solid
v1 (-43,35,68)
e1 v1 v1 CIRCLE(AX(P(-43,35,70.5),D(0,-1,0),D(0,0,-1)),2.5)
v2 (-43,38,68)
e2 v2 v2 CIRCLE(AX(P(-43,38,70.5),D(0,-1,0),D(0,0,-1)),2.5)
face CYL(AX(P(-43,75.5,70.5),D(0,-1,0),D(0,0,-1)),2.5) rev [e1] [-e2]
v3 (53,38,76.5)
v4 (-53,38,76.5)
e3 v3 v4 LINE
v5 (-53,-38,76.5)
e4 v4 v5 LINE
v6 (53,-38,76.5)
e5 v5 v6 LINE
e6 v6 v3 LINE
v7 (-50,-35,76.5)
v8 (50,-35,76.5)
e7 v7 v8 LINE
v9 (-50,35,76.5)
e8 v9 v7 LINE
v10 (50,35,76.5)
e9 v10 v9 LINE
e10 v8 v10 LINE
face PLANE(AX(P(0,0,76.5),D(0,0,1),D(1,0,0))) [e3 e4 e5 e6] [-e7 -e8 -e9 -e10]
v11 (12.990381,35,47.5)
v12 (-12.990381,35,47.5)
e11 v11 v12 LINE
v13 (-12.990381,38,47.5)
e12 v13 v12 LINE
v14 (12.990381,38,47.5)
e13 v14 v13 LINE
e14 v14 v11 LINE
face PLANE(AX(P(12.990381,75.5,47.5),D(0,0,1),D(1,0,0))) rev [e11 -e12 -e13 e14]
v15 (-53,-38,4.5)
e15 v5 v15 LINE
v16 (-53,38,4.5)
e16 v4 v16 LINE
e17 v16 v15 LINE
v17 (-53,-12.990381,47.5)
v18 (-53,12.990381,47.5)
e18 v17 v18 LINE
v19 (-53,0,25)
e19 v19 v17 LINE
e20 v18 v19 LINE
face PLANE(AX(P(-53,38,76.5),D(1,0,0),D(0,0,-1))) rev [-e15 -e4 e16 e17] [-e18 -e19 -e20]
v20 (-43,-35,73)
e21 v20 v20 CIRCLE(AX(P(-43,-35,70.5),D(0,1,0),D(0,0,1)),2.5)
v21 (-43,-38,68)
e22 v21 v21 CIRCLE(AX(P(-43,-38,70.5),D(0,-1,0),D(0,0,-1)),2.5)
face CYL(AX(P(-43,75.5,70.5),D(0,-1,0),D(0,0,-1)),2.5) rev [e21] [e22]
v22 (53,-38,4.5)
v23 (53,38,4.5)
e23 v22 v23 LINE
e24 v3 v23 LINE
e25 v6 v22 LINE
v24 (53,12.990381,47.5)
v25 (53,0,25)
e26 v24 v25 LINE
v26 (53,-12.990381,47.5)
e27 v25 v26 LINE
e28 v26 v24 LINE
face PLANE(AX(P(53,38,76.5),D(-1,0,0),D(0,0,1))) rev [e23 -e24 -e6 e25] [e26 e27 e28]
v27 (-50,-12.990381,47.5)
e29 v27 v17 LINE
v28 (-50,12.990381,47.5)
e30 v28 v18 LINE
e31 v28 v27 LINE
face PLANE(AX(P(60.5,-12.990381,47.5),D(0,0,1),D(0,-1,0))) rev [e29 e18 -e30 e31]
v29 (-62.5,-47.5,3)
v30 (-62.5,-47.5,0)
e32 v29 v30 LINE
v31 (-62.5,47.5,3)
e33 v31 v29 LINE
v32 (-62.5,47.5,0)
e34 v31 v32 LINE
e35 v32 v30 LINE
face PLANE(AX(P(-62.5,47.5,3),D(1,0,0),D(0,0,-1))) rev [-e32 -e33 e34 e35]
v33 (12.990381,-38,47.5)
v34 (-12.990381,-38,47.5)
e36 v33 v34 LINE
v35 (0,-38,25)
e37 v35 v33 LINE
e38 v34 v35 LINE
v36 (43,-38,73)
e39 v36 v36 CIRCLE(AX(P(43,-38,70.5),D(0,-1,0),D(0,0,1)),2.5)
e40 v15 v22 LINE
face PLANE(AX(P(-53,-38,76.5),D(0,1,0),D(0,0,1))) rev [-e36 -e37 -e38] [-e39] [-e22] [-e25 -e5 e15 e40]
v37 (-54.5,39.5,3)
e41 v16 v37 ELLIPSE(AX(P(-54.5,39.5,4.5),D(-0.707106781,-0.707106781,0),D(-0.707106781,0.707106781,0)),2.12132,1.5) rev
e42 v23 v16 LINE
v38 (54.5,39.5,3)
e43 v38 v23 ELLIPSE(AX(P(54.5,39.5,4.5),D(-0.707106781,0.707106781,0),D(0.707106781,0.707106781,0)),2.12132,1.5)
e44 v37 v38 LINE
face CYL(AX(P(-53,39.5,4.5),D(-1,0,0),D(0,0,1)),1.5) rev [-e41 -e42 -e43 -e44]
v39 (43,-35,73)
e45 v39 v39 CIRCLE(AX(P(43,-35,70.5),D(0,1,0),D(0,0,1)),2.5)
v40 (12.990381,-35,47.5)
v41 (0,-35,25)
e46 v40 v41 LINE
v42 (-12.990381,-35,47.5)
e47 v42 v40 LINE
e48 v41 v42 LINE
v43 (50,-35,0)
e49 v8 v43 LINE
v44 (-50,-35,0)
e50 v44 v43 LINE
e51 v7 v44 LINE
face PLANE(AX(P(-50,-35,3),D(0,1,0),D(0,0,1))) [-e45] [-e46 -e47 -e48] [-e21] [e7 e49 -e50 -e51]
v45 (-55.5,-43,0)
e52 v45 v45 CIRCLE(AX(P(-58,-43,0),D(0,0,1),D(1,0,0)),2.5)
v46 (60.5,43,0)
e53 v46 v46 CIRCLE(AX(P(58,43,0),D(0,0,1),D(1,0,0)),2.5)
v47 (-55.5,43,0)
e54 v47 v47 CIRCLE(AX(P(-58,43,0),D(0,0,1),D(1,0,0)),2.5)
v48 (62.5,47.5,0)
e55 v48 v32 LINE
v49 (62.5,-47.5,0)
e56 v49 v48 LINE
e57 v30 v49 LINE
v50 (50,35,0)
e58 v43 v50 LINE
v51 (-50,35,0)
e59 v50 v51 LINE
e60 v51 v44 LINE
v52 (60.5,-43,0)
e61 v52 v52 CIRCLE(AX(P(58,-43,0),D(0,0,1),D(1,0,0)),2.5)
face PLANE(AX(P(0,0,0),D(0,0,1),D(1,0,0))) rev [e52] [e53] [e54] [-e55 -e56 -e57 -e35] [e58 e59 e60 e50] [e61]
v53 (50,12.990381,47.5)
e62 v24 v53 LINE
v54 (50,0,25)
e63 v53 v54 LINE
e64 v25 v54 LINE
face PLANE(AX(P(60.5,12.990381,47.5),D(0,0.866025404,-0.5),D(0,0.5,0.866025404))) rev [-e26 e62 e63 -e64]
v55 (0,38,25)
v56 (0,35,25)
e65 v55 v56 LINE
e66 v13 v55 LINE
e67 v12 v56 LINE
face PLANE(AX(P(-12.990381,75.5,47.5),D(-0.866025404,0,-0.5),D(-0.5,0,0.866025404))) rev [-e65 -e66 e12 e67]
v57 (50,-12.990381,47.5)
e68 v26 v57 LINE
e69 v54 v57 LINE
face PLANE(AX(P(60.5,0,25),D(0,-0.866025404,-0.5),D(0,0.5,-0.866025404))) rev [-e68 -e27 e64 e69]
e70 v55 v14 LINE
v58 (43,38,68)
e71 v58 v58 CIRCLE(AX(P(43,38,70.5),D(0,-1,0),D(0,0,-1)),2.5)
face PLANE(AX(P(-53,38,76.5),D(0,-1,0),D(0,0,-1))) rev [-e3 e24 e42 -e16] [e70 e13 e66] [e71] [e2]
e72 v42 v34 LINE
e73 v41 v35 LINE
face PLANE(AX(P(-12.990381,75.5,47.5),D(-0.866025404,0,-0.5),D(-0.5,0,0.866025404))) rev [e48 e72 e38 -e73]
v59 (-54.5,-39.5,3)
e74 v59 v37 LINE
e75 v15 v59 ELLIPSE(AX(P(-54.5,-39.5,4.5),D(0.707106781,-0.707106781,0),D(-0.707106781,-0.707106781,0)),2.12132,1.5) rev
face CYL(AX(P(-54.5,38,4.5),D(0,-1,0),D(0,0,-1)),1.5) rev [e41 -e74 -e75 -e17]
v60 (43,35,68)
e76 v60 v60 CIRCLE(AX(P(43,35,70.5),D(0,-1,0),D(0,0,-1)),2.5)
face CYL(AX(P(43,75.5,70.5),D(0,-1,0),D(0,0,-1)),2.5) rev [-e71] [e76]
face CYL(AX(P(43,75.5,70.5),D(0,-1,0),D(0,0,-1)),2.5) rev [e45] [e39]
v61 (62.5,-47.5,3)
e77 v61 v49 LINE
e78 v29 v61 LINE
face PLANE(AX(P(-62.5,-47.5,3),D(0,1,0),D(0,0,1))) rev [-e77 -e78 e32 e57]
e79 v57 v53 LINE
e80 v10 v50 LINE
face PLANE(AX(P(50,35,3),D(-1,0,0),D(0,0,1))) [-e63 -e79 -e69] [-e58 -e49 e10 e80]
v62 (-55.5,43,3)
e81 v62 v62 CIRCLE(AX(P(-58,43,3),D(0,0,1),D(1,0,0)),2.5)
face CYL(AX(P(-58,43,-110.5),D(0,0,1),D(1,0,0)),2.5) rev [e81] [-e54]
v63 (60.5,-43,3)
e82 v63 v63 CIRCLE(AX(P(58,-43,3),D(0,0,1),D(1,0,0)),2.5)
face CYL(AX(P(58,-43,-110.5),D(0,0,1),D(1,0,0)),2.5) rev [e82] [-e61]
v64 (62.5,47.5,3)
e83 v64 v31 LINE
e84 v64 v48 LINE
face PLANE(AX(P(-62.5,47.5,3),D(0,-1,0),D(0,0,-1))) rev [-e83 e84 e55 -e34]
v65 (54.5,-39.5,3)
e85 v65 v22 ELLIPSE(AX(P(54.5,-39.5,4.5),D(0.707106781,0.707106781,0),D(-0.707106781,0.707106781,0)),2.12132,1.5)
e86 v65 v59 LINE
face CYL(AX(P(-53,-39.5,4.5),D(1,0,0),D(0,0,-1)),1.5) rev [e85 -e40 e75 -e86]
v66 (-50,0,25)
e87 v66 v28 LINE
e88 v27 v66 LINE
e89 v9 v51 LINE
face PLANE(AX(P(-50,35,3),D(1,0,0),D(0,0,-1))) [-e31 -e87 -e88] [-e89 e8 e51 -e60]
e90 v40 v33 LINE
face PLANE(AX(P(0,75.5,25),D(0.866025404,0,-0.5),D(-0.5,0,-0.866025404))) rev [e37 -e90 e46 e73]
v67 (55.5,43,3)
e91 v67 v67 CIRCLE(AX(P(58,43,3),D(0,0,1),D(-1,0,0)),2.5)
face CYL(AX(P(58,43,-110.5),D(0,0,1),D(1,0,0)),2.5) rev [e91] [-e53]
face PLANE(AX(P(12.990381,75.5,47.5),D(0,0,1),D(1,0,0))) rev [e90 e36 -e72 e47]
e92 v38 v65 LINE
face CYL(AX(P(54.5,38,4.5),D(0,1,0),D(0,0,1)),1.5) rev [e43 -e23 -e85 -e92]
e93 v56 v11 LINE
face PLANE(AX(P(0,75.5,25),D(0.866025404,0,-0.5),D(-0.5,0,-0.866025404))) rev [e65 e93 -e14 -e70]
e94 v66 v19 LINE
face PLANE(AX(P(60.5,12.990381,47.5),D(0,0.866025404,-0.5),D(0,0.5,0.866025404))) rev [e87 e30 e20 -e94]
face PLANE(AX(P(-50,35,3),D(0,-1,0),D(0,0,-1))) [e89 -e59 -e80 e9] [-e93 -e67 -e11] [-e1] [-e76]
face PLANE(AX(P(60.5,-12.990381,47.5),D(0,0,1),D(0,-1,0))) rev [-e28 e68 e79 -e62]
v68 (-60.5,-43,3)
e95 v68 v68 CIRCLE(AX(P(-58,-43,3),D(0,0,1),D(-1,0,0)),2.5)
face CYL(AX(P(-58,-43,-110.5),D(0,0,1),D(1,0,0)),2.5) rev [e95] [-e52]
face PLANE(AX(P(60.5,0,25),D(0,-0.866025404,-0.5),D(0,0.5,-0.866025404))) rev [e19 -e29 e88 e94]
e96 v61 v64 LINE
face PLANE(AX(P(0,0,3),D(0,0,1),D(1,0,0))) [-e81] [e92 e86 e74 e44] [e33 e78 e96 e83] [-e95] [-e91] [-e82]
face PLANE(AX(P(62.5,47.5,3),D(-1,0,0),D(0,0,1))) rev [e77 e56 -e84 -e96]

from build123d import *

# Parameters (mm, degrees)
SKETCH_1_W          = 125
SKETCH_1_H          = 95
SKETCH_1_W_2        = 100
SKETCH_1_H_2        = 70
EXTRUDE_1_DEPTH     = 3
SKETCH_2_W          = 106
SKETCH_2_H          = 76
SKETCH_2_W_2        = 100
SKETCH_2_H_2        = 70
EXTRUDE_2_DEPTH     = 73.5
SKETCH_3_R          = 2.5
CUT_EXTRUDE_1_DEPTH = 113.5
FILLET_1_R          = 1.5
SKETCH_4_R          = 2.5
CUT_EXTRUDE_2_DEPTH = 113.5
CUT_EXTRUDE_3_DEPTH = 113.5
CUT_EXTRUDE_4_DEPTH = 113.5


with BuildPart() as part:
    # 草图1 → 凸台-拉伸1 (new body)
    with BuildSketch(Plane.XY):
        Rectangle(SKETCH_1_W, SKETCH_1_H)
        Rectangle(SKETCH_1_W_2, SKETCH_1_H_2, mode=Mode.SUBTRACT)
    extrude(amount=EXTRUDE_1_DEPTH)

    # 草图2 → 凸台-拉伸2 (add)
    with BuildSketch(Plane.XY.offset(3)):
        Rectangle(SKETCH_2_W, SKETCH_2_H)
        Rectangle(SKETCH_2_W_2, SKETCH_2_H_2, mode=Mode.SUBTRACT)
    extrude(amount=EXTRUDE_2_DEPTH)

    # 草图3 → 切除-拉伸1 (cut)
    with BuildSketch(Plane.XZ.offset(38)):
        with Locations(Location((-43, 70.5, 0), (0, 0, 270))):
            Circle(SKETCH_3_R)
        with Locations(Location((43, 70.5, 0), (0, 0, 90))):
            Circle(SKETCH_3_R)
    extrude(amount=-CUT_EXTRUDE_1_DEPTH, mode=Mode.SUBTRACT)

    # 圆角1
    fillet_1_edges = [part.edges().sort_by_distance(p)[0] for p in [
        (53, 0, 3),
        (0, 38, 3),
        (-53, 0, 3),
        (0, -38, 3),
    ]]
    fillet(fillet_1_edges, radius=FILLET_1_R)

    # 草图4 → 切除-拉伸2 (cut)
    with BuildSketch(Plane.XY.offset(3)):
        with Locations((-58, 43)):
            Circle(SKETCH_4_R)
        with Locations((58, 43)):
            Circle(SKETCH_4_R)
        with Locations((58, -43)):
            Circle(SKETCH_4_R)
        with Locations((-58, -43)):
            Circle(SKETCH_4_R)
    extrude(amount=-CUT_EXTRUDE_2_DEPTH, mode=Mode.SUBTRACT)

    # 草图5 → 切除-拉伸3 (cut)
    with BuildSketch(Plane.XZ.offset(38)):
        Polygon((0, 25), (12.990381057, 47.5), (-12.990381057, 47.5), align=None)
    extrude(amount=-CUT_EXTRUDE_3_DEPTH, mode=Mode.SUBTRACT)

    # 草图6 → 切除-拉伸4 (cut)
    with BuildSketch(Plane.ZY.offset(53)):
        Polygon((25, 0), (47.5, -12.990381057), (47.5, 12.990381057), align=None)
    extrude(amount=-CUT_EXTRUDE_4_DEPTH, mode=Mode.SUBTRACT)


solid = part.part
